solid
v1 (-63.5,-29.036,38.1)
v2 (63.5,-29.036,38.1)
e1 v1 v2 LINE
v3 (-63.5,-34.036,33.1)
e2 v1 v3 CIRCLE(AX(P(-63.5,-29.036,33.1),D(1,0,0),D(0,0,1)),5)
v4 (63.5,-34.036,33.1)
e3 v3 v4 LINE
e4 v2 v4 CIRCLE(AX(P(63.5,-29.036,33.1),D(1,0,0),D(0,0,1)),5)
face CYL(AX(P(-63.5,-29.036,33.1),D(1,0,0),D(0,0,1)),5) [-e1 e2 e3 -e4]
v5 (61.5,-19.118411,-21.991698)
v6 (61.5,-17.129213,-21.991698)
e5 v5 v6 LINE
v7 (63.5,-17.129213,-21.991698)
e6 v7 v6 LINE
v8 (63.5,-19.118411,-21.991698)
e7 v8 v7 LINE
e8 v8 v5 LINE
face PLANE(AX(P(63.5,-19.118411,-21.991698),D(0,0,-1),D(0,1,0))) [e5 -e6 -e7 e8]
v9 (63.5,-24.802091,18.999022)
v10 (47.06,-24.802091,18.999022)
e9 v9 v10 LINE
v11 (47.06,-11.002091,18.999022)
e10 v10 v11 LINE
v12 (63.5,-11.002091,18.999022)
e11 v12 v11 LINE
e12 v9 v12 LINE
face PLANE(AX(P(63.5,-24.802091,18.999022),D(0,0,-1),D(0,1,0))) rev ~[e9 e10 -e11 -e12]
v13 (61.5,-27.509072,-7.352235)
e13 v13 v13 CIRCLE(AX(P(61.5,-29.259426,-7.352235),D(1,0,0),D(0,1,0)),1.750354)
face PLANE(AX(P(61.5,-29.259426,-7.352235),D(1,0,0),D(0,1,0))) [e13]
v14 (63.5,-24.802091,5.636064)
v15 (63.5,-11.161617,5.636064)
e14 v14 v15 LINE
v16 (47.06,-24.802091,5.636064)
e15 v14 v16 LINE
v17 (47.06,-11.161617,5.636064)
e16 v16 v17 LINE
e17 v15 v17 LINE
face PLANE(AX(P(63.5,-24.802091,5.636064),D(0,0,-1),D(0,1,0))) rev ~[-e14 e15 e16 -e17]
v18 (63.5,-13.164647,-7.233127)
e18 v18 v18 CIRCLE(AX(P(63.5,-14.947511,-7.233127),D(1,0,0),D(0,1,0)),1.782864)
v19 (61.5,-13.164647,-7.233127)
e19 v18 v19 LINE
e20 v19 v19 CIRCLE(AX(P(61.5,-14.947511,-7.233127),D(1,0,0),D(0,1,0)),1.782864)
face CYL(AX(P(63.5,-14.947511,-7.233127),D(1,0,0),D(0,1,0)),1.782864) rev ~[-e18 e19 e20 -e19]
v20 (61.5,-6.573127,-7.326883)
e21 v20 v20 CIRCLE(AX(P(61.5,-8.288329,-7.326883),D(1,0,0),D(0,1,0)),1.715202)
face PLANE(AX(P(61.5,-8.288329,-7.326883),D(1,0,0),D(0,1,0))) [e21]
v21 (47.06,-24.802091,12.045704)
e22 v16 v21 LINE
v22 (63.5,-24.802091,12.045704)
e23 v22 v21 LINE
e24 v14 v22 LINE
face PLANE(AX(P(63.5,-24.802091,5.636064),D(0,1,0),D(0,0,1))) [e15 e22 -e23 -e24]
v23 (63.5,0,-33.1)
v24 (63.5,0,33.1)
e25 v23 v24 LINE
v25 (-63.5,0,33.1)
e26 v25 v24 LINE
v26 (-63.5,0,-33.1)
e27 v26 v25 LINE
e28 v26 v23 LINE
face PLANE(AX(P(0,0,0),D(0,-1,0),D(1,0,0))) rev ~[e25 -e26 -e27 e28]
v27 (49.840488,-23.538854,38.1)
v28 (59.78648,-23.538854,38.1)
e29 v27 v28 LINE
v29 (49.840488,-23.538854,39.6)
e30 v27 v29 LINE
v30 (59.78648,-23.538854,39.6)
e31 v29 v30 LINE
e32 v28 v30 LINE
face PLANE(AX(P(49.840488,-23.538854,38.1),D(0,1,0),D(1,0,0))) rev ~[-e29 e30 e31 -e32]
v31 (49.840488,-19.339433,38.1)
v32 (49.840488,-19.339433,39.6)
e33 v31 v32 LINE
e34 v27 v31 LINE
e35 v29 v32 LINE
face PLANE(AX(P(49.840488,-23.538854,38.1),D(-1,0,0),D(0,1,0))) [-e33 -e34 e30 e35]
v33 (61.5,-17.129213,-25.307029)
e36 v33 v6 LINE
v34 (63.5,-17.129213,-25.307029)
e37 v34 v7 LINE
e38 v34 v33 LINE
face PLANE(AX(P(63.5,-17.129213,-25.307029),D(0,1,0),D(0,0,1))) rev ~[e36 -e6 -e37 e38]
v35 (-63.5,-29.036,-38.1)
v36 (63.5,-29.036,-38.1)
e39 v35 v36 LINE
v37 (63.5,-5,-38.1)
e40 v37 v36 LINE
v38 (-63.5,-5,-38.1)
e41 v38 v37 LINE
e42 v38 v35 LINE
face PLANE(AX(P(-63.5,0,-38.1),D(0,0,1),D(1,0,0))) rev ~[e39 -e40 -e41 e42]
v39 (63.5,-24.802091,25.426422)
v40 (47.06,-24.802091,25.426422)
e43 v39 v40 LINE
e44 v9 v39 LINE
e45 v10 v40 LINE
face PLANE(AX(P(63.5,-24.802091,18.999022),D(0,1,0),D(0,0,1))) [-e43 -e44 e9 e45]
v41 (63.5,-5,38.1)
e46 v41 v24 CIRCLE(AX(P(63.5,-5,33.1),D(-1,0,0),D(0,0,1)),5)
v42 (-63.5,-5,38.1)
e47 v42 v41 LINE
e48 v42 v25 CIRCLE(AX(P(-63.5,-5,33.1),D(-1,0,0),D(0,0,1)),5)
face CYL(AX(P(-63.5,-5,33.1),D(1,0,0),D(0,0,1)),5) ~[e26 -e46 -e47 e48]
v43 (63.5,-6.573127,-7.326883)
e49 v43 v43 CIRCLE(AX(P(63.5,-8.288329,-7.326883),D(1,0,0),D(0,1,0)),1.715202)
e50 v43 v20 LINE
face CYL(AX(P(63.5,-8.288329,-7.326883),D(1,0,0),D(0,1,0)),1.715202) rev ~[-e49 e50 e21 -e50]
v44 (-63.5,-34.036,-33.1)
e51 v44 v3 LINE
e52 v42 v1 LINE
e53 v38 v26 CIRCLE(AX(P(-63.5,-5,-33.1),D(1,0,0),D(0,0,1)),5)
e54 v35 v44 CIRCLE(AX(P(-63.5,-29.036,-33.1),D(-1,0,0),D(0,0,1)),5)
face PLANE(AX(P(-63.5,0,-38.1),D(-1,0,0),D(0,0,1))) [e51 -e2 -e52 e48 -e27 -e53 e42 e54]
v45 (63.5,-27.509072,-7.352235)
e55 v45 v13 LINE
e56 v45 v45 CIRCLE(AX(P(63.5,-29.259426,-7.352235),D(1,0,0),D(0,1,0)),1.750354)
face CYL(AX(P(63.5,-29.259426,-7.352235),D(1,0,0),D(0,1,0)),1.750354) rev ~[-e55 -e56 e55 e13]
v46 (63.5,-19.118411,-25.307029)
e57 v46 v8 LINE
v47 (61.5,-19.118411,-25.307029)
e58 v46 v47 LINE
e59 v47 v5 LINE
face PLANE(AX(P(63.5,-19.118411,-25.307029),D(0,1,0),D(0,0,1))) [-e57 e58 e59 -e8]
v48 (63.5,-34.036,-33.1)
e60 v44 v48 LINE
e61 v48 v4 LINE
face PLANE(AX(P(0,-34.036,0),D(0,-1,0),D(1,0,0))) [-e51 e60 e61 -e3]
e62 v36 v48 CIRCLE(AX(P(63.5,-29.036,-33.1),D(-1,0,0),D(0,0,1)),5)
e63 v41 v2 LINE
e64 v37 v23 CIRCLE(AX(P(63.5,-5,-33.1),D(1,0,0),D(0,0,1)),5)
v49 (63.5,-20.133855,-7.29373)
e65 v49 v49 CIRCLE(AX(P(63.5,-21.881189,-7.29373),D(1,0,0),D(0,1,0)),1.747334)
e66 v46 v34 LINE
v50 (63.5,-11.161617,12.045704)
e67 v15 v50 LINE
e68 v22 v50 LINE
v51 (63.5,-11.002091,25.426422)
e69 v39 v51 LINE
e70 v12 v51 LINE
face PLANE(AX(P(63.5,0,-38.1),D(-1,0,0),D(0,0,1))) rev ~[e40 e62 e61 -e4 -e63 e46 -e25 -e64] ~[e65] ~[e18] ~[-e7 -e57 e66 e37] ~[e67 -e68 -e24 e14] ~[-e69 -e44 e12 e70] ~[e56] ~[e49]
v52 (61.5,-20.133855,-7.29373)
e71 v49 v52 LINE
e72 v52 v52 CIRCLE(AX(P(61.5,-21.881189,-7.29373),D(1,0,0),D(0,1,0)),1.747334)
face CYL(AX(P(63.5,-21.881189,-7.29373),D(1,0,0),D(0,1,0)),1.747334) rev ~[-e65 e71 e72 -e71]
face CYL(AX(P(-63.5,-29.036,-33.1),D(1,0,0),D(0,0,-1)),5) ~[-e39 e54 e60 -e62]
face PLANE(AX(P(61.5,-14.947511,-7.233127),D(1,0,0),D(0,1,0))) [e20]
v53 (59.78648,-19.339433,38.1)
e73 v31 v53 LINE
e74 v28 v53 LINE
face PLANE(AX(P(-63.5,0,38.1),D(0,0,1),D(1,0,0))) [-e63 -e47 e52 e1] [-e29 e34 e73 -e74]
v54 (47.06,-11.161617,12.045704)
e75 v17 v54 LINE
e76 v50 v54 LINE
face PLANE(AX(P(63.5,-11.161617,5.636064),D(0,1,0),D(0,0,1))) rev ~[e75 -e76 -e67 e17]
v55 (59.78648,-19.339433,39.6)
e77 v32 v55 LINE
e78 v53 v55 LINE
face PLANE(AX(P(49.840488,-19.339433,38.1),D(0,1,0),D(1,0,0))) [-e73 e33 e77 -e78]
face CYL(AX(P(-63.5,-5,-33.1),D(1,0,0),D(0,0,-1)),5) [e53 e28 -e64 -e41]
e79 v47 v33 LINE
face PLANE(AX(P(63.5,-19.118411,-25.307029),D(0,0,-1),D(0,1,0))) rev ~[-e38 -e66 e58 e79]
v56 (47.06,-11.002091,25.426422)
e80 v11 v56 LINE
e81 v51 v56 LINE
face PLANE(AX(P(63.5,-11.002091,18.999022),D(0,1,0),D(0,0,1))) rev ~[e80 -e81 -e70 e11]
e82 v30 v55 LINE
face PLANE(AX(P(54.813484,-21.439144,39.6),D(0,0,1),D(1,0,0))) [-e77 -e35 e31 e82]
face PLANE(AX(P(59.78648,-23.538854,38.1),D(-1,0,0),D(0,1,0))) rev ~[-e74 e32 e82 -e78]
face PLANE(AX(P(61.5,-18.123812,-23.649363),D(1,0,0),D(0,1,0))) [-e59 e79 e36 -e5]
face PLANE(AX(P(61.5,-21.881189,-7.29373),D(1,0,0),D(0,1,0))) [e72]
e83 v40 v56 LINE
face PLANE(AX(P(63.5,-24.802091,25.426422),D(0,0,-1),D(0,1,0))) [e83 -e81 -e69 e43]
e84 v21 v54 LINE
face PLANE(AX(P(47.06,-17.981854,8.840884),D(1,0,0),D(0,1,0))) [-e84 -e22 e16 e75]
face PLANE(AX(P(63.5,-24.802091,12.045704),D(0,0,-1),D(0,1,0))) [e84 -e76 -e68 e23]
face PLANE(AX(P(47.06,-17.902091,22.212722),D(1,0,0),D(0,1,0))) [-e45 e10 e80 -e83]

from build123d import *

# Parameters (mm, degrees)
F0_W      = 127
F0_H      = 76.2
F1_DEPTH  = 34.036
F2_R      = 5
F3_W      = 13.8
F3_H      = 6.427399
F4_DEPTH  = 16.44
F5_W      = 13.640474
F5_H      = 6.40964
F6_DEPTH  = 16.44
F7_R      = 1.750354
F8_DEPTH  = 2
F9_R      = 1.747334
F10_DEPTH = 2
F11_R     = 1.782864
F12_DEPTH = 2
F13_R     = 1.715202
F14_DEPTH = 2
F15_W     = 1.989198
F15_H     = 3.315331
F16_DEPTH = 2
F17_W     = 9.945992
F17_H     = 4.199421
F18_DEPTH = 1.5


with BuildPart() as f1:
    # F0 (on Front) → F1 (new body)
    with BuildSketch(Plane.XZ):
        Rectangle(F0_W, F0_H)
    extrude(amount=F1_DEPTH)

    # F2
    f2_edges = [f1.edges().sort_by_distance(p)[0] for p in [
        (0, -34.036, 38.1),
        (0, 0, 38.1),
        (0, -34.036, -38.1),
        (0, 0, -38.1),
    ]]
    fillet(f2_edges, radius=F2_R)

    # F3 (on face) → F4 (cut)
    with BuildSketch(Plane.YZ.offset(63.5)):
        with Locations((-17.902091, 22.212722)):
            Rectangle(F3_W, F3_H)
    extrude(amount=-F4_DEPTH, mode=Mode.SUBTRACT)

    # F5 (on face) → F6 (cut)
    with BuildSketch(Plane.YZ.offset(63.5)):
        with Locations((-17.981854, 8.840884)):
            Rectangle(F5_W, F5_H)
    extrude(amount=-F6_DEPTH, mode=Mode.SUBTRACT)

    # F7 (on face) → F8 (cut)
    with BuildSketch(Plane.YZ.offset(63.5)):
        with Locations((-29.259426, -7.352235)):
            Circle(F7_R)
    extrude(amount=-F8_DEPTH, mode=Mode.SUBTRACT)

    # F9 (on face) → F10 (cut)
    with BuildSketch(Plane.YZ.offset(63.5)):
        with Locations((-21.881189, -7.29373)):
            Circle(F9_R)
    extrude(amount=-F10_DEPTH, mode=Mode.SUBTRACT)

    # F11 (on face) → F12 (cut)
    with BuildSketch(Plane.YZ.offset(63.5)):
        with Locations((-14.947511, -7.233127)):
            Circle(F11_R)
    extrude(amount=-F12_DEPTH, mode=Mode.SUBTRACT)

    # F13 (on face) → F14 (cut)
    with BuildSketch(Plane.YZ.offset(63.5)):
        with Locations((-8.288329, -7.326883)):
            Circle(F13_R)
    extrude(amount=-F14_DEPTH, mode=Mode.SUBTRACT)

    # F15 (on face) → F16 (cut)
    with BuildSketch(Plane.YZ.offset(63.5)):
        with Locations((-18.123812, -23.649363)):
            Rectangle(F15_W, F15_H)
    extrude(amount=-F16_DEPTH, mode=Mode.SUBTRACT)

    # F17 (on face) → F18 (join)
    with BuildSketch(Plane.XY.offset(38.1)):
        with Locations((54.813484, -21.439144)):
            Rectangle(F17_W, F17_H)
    extrude(amount=F18_DEPTH)


solid = f1.part
